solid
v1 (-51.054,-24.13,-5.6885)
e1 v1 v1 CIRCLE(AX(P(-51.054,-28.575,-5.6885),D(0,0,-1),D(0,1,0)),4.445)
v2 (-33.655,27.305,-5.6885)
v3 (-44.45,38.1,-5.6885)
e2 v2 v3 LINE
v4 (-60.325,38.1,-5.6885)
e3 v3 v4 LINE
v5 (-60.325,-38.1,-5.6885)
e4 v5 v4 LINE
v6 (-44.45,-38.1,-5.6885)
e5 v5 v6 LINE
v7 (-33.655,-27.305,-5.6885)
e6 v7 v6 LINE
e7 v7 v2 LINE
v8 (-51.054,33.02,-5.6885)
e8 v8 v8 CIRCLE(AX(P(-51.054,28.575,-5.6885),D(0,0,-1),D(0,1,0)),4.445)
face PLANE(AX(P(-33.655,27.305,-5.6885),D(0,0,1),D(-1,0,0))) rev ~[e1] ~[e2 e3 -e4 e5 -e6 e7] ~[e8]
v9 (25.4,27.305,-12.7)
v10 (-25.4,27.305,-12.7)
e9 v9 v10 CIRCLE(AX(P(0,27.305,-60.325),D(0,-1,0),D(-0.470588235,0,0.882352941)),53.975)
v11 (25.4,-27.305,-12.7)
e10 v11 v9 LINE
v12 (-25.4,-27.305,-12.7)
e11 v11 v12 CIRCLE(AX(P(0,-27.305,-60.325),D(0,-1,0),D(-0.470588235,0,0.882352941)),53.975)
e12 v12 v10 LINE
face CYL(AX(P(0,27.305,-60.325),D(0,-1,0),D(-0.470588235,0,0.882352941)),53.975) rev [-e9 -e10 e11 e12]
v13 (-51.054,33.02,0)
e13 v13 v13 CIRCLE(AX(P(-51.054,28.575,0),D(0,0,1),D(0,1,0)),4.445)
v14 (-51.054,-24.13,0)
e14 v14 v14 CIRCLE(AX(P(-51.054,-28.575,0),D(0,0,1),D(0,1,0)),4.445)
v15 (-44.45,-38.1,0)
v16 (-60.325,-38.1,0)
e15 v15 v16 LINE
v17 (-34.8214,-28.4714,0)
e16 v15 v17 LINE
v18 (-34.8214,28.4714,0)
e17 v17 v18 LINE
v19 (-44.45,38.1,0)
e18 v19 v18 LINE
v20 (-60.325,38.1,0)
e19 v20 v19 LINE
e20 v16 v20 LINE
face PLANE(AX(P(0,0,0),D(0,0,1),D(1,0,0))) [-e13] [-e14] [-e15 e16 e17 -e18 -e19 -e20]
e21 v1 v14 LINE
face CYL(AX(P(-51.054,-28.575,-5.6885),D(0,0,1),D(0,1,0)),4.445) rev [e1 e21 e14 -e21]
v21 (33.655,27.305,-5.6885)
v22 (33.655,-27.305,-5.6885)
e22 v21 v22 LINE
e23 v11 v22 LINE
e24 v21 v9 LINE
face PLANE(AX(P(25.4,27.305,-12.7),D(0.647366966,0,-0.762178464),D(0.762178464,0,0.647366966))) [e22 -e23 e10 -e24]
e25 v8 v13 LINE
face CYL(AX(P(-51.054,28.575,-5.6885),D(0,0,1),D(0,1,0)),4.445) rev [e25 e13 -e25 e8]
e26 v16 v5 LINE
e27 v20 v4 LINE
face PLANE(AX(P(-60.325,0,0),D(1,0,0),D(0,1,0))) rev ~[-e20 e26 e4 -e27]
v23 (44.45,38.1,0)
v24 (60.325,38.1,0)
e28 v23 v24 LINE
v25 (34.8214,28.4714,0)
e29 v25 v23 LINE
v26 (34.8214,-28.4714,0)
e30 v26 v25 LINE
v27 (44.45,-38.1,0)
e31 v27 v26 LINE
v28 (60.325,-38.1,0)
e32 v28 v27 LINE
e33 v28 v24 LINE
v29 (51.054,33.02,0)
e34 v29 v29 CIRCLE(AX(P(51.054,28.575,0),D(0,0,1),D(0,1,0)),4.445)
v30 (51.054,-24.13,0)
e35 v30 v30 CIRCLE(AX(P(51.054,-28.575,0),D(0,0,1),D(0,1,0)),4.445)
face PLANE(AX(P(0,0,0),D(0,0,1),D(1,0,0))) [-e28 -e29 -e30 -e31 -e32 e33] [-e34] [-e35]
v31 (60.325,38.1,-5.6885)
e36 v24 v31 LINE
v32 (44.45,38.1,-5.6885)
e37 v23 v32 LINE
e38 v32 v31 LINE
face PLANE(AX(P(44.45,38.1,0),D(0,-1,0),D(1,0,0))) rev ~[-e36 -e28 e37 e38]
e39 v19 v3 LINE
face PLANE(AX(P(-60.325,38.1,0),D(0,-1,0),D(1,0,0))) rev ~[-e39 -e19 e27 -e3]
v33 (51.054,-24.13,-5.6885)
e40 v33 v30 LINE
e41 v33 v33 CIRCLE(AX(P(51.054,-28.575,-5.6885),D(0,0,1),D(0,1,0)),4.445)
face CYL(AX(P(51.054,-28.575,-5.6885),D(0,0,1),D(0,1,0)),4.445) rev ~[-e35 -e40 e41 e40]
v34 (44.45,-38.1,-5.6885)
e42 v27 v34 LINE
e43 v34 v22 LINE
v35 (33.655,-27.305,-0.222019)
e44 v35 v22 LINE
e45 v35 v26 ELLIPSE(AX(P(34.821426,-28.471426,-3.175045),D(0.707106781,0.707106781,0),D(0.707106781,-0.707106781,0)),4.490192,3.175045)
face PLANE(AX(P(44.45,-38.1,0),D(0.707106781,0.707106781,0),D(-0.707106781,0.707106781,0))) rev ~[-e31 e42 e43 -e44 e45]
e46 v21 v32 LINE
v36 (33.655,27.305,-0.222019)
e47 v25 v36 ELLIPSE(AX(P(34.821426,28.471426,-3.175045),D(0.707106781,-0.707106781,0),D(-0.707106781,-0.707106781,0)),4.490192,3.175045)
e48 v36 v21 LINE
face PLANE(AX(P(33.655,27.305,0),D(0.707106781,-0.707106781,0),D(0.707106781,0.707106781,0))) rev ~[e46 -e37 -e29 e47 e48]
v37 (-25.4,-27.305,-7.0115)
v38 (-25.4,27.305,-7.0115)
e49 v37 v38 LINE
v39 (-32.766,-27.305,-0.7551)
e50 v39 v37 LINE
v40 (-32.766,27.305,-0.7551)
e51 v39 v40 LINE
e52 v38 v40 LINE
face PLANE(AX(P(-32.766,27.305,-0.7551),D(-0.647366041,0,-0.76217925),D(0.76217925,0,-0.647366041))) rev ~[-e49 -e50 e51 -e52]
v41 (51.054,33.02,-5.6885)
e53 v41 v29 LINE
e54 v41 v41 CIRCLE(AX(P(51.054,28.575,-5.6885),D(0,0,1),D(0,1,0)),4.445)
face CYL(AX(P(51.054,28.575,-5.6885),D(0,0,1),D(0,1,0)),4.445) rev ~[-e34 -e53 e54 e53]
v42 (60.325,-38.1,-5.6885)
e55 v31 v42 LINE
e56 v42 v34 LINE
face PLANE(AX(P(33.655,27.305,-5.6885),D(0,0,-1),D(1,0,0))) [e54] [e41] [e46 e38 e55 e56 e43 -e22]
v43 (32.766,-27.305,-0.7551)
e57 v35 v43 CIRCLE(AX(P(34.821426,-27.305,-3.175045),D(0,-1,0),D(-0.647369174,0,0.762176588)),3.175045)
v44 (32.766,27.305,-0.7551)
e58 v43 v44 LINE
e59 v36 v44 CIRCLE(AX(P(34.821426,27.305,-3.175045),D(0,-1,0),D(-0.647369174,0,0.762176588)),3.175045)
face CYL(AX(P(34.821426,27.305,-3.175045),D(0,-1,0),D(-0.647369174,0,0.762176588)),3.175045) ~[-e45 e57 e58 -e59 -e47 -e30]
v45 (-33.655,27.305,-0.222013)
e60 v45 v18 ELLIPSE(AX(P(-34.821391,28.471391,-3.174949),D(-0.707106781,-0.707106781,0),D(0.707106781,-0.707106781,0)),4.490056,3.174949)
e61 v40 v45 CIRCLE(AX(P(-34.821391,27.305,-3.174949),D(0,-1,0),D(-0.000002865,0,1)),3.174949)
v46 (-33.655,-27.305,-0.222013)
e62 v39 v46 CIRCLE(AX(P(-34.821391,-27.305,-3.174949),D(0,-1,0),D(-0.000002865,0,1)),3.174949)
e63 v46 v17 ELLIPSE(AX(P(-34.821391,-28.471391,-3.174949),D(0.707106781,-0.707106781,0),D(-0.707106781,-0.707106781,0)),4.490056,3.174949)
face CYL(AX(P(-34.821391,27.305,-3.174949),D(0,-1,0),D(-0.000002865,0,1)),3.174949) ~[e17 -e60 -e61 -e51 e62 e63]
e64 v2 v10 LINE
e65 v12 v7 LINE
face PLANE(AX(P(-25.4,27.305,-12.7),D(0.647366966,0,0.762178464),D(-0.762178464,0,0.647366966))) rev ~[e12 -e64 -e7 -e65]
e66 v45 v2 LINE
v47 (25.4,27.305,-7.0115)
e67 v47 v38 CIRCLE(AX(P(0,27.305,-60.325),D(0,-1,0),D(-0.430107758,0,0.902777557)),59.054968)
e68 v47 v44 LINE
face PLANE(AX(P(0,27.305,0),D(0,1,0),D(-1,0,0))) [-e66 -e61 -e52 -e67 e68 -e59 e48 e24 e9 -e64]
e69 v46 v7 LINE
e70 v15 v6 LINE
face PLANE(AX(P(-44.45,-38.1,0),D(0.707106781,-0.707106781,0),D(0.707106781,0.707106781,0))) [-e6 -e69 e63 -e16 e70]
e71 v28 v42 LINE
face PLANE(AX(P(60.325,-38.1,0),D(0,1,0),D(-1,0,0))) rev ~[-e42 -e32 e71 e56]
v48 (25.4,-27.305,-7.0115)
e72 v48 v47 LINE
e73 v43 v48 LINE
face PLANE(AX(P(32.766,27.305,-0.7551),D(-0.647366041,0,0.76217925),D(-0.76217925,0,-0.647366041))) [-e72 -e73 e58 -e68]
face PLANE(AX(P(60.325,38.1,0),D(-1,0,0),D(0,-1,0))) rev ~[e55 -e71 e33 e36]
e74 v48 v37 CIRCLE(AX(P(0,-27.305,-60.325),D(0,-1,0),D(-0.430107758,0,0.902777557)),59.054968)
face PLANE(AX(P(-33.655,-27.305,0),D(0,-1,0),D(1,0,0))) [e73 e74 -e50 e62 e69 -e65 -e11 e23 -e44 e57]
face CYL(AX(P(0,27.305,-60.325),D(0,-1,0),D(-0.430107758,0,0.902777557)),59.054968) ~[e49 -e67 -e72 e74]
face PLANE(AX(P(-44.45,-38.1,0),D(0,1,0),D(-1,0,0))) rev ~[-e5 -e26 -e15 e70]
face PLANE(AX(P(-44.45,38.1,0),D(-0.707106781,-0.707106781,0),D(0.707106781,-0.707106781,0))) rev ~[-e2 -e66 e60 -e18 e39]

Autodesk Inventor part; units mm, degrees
ref_plane "YZ Plane" through (0, 0, 0) normal (1, 0, 0) x (0, 1, 0)
ref_plane "XZ Plane" through (0, 0, 0) normal (0, 1, 0) x (-1, 0, 0)
ref_plane "XY Plane" through (0, 0, 0) normal (0, 0, 1) x (1, 0, 0)
sketch "Sketch1" plane through (0, 0, 0) normal (0, 0, 1) x (1, 0, 0)
  line L0 (-84.455, 0) -> (84.455, 0) projected
  line L1 (0, -53.34) -> (0, 53.34) projected
  line L2 (60.325, 38.1) -> (60.325, -38.1)
  line L3 (-60.325, -38.1) -> (-60.325, 38.1)
  line L4 (44.45, 38.1) -> (44.45, -38.1) construction
  line L5 (-44.45, -38.1) -> (-44.45, 38.1) construction
  line L6 (-33.655, -27.305) -> (33.655, -27.305)
  line L7 (-44.45, 38.1) -> (-33.655, 27.305)
  line L8 (-60.325, 38.1) -> (-44.45, 38.1)
  line L9 (44.45, 38.1) -> (60.325, 38.1)
  line L10 (33.655, 27.305) -> (-33.655, 27.305)
  line L11 (33.655, 27.305) -> (44.45, 38.1)
  line L12 (-44.45, -38.1) -> (-33.655, -27.305)
  line L13 (44.45, -38.1) -> (33.655, -27.305)
  line L14 (60.325, -38.1) -> (44.45, -38.1)
  line L15 (-44.45, -38.1) -> (-60.325, -38.1)
  point P0 (0, 0)
  point P1 (-60.325, 0)
  point P2 (0, 27.305)
  dimension "d1" = 76.2
  dimension "d2" = 15.875
  dimension "d4" = 45
  dimension "d5" = 54.61
  dimension "d6" = 120.65
  dimension "d7" = 15.875
  dimension "d8" = 45
  dimension "d9" = 10.795
extrude "Extrusion1" add sketch "Sketch1" against normal blind 12.7
sketch "Sketch2" plane through (-33.655, 27.305, 0) normal (0, 1, 0) x (1, 0, 0)
  line L0 (67.31, 12.7) -> (0, 12.7) projected
  line L1 (67.31, 0) -> (67.31, 12.7) projected
  line L2 (0, 12.7) -> (-10.795, 12.7) projected
  line L3 (-10.795, 0) -> (-10.795, 12.7) projected
  line L4 (0, 0) -> (-10.795, 0) projected
  line L5 (0, 0) -> (0, 12.7) projected
  line L6 (-10.795, 12.7) -> (-26.67, 12.7) projected
  line L7 (-26.67, 0) -> (-26.67, 12.7) projected
  line L8 (-10.795, 0) -> (-26.67, 0) projected
  line L9 (-10.795, 0) -> (-10.795, 12.7) projected
  line L10 (-10.795, 12.7) -> (-26.67, 12.7) projected
  line L11 (-26.67, 0) -> (-26.67, 12.7) projected
  line L12 (-10.795, 0) -> (-10.795, 12.7) projected
  line L13 (93.98, 0) -> (78.105, 0) projected
  line L14 (78.105, 0) -> (67.31, 0) projected
  line L15 (78.105, 0) -> (78.105, 12.7) projected
  line L16 (78.105, 12.7) -> (67.31, 12.7) projected
  line L17 (93.98, 12.7) -> (78.105, 12.7) projected
  line L18 (93.98, 12.7) -> (78.105, 12.7) projected
  line L19 (78.105, 0) -> (78.105, 12.7) projected
  line L20 (93.98, 0) -> (78.105, 0) projected
  line L21 (93.98, 0) -> (93.98, 12.7) projected
  line L22 (33.655, 0) -> (33.655, 12.7) construction
  line L23 (59.055, 0) -> (59.055, 12.7) construction
  line L24 (8.255, 0.2933) -> (8.255, 12.9933) construction
  arc A0 (8.255, 7.0115) -> (59.055, 7.0115) centre (33.655, 60.325) ccw
  arc A1 (8.255, 12.7) -> (59.055, 12.7) centre (33.655, 60.325) ccw
  line L25 (66.421, 0.7551) -> (59.055, 7.0115)
  line L26 (59.055, 12.7) -> (67.31, 5.6885)
  line L27 (68.4764, 0) -> (93.98, 0)
  arc A2 (66.421, 0.7551) -> (68.4764, 0) centre (68.4764, 3.175) ccw
  line L28 (67.31, 5.6885) -> (93.98, 5.6885)
  line L29 (93.98, 0) -> (93.98, 5.6885)
  line L30 (0.889, 0.7551) -> (8.255, 7.0115)
  line L31 (8.255, 12.7) -> (0, 5.6885)
  line L32 (-1.1664, 0) -> (-26.67, 0)
  line L33 (0, 5.6885) -> (-26.67, 5.6885)
  line L34 (-26.67, 0) -> (-26.67, 5.6885)
  arc A3 (-1.1664, 0) -> (0.889, 0.7551) centre (-1.1664, 3.175) ccw
  dimension "d12" = 50.8
  dimension "d13" = 53.975
  dimension "d14" = 5.08
  dimension "d15" = 3.175
  dimension "d17" = 3.175
extrude "Extrusion2" cut sketch "Sketch2" along normal through all both and the other way through all contours L26 L1 A2 L25 A0 L30 A3 L5 L31 A1 | L28 L15 L14 A2 L1 | L28 L21 L13 L15 | L5 A3 L4 L3 L33 | L3 L8 L7 L33 keep common part
sketch "Sketch3" plane through (60.325, 38.1, -5.6885) normal (0, 0, -1) x (-1, 0, 0)
  line L0 (0, 0) -> (0, -76.2) projected
  line L1 (26.67, -65.405) -> (26.67, -10.795) projected
  line L2 (0, -38.1) -> (26.67, -38.1) construction
  point P0 (60.325, -38.1)
  point P1 (9.271, -9.525)
  point P2 (9.271, -66.675)
  dimension "d20" = 57.15
  dimension "d21" = 9.271
hole "Hole1" at (51.054, 28.575, -5.6885) at (51.054, -28.575, -5.6885) direction (0, 0, 1) diameter 8.89 end through all
mirror "Mirror1" about plane through (0, 0, 0) normal (1, 0, 0) of "Hole1"
equation "\"d9\" = -0.5 * d5 + 0.5 * d1"
properties part number "mount plate" material "Steel"
